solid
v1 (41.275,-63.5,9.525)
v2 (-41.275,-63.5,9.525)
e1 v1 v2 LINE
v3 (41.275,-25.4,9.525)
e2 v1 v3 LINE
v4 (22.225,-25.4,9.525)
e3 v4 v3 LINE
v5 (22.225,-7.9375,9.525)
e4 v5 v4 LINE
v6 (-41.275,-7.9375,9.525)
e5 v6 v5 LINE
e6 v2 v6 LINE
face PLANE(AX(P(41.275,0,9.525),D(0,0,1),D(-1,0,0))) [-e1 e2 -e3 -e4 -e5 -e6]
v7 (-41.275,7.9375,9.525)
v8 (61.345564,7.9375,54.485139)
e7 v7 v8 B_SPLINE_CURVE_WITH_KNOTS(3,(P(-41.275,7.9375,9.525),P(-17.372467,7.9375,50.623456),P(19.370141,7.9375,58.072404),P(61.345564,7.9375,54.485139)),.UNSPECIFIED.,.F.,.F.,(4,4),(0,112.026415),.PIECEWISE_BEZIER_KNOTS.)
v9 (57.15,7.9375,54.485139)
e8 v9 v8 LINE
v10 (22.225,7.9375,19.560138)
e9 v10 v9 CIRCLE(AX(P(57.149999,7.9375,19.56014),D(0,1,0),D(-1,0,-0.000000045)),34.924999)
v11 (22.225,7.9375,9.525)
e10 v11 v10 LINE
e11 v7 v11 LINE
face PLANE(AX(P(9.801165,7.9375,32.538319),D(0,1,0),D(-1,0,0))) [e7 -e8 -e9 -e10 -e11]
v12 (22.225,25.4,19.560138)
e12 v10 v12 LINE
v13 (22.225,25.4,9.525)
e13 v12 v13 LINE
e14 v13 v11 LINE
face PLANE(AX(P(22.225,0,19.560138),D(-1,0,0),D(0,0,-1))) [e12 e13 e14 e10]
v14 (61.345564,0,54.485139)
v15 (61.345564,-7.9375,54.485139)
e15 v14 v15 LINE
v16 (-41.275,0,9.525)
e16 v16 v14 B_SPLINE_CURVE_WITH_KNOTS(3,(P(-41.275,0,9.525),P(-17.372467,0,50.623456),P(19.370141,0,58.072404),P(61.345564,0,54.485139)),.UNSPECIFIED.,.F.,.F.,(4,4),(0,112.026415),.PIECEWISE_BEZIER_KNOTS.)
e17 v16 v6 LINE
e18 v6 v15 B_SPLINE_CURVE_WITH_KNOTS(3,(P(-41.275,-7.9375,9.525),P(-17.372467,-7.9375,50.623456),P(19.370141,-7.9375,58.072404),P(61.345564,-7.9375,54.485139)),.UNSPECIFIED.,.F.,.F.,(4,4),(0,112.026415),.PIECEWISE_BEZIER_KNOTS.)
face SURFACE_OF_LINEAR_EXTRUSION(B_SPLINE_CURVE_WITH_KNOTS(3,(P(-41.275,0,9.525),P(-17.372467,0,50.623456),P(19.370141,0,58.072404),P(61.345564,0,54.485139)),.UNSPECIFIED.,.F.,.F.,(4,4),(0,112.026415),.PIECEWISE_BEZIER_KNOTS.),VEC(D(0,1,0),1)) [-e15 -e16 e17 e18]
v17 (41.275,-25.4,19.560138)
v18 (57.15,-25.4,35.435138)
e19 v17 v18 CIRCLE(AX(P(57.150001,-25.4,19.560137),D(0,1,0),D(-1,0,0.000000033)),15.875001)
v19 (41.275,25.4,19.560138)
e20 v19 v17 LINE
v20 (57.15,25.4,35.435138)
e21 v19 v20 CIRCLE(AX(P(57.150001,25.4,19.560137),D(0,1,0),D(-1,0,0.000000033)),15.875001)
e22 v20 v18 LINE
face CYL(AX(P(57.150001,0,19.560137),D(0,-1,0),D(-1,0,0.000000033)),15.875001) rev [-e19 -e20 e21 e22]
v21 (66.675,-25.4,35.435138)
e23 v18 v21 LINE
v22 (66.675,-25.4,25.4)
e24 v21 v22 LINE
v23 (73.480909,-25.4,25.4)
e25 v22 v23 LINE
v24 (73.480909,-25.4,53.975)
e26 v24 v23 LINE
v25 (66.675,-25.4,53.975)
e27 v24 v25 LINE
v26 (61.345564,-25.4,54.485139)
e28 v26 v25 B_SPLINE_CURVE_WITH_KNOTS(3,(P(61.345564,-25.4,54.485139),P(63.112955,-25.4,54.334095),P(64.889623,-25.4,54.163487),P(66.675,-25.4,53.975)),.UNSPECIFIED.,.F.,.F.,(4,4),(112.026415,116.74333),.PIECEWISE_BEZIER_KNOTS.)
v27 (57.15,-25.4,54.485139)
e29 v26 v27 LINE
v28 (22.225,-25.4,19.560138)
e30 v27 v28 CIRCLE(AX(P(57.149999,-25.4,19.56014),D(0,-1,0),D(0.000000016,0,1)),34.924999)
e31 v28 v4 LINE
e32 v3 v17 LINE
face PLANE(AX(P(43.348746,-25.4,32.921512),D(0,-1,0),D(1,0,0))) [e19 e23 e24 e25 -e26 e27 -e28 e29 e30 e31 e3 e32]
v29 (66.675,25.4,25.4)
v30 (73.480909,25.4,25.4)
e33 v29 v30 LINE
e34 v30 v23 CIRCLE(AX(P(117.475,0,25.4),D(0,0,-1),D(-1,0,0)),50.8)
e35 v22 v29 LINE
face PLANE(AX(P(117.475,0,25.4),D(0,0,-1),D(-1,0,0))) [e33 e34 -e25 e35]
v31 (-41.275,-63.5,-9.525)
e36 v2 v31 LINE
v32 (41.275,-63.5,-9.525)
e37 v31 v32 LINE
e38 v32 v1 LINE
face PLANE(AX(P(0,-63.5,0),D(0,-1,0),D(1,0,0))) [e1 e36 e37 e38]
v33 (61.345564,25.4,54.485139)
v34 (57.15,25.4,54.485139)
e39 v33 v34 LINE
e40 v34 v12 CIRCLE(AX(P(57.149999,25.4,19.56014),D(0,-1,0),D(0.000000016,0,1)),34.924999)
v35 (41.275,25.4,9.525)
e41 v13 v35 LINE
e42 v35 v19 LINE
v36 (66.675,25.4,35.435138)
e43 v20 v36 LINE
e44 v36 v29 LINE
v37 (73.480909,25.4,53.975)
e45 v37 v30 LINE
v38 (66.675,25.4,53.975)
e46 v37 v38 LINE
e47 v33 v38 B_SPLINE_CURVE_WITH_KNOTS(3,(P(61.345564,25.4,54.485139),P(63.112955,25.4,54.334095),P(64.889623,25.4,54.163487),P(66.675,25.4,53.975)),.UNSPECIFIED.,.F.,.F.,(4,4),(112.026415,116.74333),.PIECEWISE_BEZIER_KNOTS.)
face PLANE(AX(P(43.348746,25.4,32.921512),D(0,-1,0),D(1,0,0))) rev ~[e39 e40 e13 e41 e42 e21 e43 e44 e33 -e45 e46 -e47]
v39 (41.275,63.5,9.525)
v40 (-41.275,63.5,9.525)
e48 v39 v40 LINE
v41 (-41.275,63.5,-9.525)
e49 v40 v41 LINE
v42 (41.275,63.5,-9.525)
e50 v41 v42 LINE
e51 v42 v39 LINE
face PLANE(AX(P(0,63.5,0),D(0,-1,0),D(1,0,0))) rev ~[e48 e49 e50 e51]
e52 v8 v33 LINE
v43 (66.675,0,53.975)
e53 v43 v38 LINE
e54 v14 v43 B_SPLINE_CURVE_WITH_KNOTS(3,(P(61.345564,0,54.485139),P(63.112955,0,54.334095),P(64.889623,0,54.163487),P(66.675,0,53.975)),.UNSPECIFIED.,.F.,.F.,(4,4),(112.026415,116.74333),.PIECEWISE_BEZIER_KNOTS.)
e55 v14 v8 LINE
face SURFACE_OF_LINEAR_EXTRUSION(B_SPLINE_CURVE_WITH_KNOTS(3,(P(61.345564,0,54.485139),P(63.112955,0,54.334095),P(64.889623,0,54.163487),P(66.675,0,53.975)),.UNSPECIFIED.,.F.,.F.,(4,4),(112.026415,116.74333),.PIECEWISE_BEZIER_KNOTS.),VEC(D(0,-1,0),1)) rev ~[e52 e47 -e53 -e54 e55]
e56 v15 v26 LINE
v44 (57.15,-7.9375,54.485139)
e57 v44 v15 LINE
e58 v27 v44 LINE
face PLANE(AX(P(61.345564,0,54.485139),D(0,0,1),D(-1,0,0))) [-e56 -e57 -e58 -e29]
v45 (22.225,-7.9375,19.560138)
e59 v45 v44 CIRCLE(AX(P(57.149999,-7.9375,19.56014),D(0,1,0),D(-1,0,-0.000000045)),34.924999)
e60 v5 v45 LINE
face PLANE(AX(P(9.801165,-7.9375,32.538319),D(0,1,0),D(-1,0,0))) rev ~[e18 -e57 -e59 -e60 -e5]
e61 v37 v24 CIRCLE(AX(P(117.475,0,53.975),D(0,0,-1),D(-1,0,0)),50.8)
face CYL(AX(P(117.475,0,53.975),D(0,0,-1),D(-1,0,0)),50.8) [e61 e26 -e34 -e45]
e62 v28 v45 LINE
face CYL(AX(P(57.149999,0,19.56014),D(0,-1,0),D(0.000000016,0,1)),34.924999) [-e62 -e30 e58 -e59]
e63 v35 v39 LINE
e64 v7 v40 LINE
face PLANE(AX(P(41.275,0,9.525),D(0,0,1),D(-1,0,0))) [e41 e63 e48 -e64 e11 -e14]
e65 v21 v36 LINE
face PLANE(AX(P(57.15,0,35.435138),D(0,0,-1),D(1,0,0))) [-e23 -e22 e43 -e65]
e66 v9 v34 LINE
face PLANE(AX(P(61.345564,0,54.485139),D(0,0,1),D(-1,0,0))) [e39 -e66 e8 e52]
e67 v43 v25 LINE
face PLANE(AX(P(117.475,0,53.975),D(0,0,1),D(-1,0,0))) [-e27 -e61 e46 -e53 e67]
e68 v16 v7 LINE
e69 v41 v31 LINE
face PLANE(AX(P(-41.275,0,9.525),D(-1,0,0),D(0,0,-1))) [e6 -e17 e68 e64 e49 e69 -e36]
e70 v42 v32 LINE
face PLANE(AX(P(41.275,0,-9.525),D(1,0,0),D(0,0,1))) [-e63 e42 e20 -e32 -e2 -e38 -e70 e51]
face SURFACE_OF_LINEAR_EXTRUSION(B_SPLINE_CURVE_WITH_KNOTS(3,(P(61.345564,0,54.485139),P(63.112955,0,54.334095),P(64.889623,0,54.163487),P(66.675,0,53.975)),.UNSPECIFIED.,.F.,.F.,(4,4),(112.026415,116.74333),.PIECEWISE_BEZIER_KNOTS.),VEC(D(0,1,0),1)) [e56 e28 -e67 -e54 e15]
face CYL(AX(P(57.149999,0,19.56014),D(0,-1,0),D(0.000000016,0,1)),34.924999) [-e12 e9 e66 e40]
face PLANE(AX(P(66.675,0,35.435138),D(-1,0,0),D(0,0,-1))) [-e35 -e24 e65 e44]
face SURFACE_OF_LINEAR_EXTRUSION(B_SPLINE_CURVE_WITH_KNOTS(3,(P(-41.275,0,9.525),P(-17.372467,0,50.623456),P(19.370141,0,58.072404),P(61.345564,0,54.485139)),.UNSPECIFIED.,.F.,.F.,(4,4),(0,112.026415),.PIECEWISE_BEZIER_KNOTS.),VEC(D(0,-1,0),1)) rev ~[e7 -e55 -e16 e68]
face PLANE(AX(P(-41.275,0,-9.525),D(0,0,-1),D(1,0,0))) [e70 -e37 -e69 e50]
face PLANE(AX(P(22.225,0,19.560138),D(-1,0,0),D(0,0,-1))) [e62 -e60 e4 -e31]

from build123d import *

# Parameters (mm, degrees)
F1_DEPTH = 63.5
F2_DEPTH = 7.9375
F3_DEPTH = 25.4


with BuildPart() as f1:
    # F0 (on Front) → F1 (new body, symmetric)
    with BuildSketch(Plane.XZ):
        Polygon((22.225, 9.525), (-41.275, 9.525), (-41.275, -9.525), (41.275, -9.525), (41.275, 9.525), align=None)
    extrude(amount=F1_DEPTH, both=True)

    # F0 (on Front) → F2 (join, symmetric)
    with BuildSketch(Plane.XZ):
        with BuildLine():
            add(Edge.make_bspline(
                [(-41.275, 9.525), (-17.372467, 50.623456), (19.370141, 58.072404), (61.345564, 54.485139)],
                knots=[0, 0, 0, 0, 112.026415, 112.026415, 112.026415, 112.026415], degree=3))
            Line((-41.275, 9.525), (22.225, 9.525))
            Line((22.225, 9.525), (22.225, 19.560138))
            ThreePointArc((22.225, 19.560138), (32.454295, 44.255843), (57.15, 54.485139))
            Line((57.15, 54.485139), (61.345564, 54.485139))
        make_face()
    extrude(amount=F2_DEPTH, both=True)

    # F0 (on Front) → F3 (join, symmetric)
    with BuildSketch(Plane.XZ):
        with BuildLine():
            Line((22.225, 19.560138), (22.225, 9.525))
            Line((22.225, 9.525), (41.275, 9.525))
            Line((41.275, 9.525), (41.275, 19.560138))
            ThreePointArc((41.275, 19.560138), (45.92468, 30.785458), (57.15, 35.435138))
            Line((57.15, 35.435138), (66.675, 35.435138))
            Line((66.675, 35.435138), (66.675, 53.975))
            add(Edge.make_bspline(
                [(61.345564, 54.485139), (63.112955, 54.334095), (64.889623, 54.163487), (66.675, 53.975)],
                knots=[112.026415, 112.026415, 112.026415, 112.026415, 116.74333, 116.74333, 116.74333, 116.74333], degree=3))
            Line((61.345564, 54.485139), (57.15, 54.485139))
            ThreePointArc((57.15, 54.485139), (32.454295, 44.255843), (22.225, 19.560138))
        make_face()
        Polygon((117.475, 53.975), (66.675, 53.975), (66.675, 35.435138), (66.675, 25.4), (117.475, 25.4), align=None)
    extrude(amount=F3_DEPTH, both=True)

    # F0 (on Front) → F4 (revolve)
    with BuildSketch(Plane.XZ):
        Polygon((117.475, 53.975), (66.675, 53.975), (66.675, 35.435138), (66.675, 25.4), (117.475, 25.4), align=None)
    revolve(axis=Axis((117.475, 0, 39.6875), (0, 0, -1)))


solid = f1.part
